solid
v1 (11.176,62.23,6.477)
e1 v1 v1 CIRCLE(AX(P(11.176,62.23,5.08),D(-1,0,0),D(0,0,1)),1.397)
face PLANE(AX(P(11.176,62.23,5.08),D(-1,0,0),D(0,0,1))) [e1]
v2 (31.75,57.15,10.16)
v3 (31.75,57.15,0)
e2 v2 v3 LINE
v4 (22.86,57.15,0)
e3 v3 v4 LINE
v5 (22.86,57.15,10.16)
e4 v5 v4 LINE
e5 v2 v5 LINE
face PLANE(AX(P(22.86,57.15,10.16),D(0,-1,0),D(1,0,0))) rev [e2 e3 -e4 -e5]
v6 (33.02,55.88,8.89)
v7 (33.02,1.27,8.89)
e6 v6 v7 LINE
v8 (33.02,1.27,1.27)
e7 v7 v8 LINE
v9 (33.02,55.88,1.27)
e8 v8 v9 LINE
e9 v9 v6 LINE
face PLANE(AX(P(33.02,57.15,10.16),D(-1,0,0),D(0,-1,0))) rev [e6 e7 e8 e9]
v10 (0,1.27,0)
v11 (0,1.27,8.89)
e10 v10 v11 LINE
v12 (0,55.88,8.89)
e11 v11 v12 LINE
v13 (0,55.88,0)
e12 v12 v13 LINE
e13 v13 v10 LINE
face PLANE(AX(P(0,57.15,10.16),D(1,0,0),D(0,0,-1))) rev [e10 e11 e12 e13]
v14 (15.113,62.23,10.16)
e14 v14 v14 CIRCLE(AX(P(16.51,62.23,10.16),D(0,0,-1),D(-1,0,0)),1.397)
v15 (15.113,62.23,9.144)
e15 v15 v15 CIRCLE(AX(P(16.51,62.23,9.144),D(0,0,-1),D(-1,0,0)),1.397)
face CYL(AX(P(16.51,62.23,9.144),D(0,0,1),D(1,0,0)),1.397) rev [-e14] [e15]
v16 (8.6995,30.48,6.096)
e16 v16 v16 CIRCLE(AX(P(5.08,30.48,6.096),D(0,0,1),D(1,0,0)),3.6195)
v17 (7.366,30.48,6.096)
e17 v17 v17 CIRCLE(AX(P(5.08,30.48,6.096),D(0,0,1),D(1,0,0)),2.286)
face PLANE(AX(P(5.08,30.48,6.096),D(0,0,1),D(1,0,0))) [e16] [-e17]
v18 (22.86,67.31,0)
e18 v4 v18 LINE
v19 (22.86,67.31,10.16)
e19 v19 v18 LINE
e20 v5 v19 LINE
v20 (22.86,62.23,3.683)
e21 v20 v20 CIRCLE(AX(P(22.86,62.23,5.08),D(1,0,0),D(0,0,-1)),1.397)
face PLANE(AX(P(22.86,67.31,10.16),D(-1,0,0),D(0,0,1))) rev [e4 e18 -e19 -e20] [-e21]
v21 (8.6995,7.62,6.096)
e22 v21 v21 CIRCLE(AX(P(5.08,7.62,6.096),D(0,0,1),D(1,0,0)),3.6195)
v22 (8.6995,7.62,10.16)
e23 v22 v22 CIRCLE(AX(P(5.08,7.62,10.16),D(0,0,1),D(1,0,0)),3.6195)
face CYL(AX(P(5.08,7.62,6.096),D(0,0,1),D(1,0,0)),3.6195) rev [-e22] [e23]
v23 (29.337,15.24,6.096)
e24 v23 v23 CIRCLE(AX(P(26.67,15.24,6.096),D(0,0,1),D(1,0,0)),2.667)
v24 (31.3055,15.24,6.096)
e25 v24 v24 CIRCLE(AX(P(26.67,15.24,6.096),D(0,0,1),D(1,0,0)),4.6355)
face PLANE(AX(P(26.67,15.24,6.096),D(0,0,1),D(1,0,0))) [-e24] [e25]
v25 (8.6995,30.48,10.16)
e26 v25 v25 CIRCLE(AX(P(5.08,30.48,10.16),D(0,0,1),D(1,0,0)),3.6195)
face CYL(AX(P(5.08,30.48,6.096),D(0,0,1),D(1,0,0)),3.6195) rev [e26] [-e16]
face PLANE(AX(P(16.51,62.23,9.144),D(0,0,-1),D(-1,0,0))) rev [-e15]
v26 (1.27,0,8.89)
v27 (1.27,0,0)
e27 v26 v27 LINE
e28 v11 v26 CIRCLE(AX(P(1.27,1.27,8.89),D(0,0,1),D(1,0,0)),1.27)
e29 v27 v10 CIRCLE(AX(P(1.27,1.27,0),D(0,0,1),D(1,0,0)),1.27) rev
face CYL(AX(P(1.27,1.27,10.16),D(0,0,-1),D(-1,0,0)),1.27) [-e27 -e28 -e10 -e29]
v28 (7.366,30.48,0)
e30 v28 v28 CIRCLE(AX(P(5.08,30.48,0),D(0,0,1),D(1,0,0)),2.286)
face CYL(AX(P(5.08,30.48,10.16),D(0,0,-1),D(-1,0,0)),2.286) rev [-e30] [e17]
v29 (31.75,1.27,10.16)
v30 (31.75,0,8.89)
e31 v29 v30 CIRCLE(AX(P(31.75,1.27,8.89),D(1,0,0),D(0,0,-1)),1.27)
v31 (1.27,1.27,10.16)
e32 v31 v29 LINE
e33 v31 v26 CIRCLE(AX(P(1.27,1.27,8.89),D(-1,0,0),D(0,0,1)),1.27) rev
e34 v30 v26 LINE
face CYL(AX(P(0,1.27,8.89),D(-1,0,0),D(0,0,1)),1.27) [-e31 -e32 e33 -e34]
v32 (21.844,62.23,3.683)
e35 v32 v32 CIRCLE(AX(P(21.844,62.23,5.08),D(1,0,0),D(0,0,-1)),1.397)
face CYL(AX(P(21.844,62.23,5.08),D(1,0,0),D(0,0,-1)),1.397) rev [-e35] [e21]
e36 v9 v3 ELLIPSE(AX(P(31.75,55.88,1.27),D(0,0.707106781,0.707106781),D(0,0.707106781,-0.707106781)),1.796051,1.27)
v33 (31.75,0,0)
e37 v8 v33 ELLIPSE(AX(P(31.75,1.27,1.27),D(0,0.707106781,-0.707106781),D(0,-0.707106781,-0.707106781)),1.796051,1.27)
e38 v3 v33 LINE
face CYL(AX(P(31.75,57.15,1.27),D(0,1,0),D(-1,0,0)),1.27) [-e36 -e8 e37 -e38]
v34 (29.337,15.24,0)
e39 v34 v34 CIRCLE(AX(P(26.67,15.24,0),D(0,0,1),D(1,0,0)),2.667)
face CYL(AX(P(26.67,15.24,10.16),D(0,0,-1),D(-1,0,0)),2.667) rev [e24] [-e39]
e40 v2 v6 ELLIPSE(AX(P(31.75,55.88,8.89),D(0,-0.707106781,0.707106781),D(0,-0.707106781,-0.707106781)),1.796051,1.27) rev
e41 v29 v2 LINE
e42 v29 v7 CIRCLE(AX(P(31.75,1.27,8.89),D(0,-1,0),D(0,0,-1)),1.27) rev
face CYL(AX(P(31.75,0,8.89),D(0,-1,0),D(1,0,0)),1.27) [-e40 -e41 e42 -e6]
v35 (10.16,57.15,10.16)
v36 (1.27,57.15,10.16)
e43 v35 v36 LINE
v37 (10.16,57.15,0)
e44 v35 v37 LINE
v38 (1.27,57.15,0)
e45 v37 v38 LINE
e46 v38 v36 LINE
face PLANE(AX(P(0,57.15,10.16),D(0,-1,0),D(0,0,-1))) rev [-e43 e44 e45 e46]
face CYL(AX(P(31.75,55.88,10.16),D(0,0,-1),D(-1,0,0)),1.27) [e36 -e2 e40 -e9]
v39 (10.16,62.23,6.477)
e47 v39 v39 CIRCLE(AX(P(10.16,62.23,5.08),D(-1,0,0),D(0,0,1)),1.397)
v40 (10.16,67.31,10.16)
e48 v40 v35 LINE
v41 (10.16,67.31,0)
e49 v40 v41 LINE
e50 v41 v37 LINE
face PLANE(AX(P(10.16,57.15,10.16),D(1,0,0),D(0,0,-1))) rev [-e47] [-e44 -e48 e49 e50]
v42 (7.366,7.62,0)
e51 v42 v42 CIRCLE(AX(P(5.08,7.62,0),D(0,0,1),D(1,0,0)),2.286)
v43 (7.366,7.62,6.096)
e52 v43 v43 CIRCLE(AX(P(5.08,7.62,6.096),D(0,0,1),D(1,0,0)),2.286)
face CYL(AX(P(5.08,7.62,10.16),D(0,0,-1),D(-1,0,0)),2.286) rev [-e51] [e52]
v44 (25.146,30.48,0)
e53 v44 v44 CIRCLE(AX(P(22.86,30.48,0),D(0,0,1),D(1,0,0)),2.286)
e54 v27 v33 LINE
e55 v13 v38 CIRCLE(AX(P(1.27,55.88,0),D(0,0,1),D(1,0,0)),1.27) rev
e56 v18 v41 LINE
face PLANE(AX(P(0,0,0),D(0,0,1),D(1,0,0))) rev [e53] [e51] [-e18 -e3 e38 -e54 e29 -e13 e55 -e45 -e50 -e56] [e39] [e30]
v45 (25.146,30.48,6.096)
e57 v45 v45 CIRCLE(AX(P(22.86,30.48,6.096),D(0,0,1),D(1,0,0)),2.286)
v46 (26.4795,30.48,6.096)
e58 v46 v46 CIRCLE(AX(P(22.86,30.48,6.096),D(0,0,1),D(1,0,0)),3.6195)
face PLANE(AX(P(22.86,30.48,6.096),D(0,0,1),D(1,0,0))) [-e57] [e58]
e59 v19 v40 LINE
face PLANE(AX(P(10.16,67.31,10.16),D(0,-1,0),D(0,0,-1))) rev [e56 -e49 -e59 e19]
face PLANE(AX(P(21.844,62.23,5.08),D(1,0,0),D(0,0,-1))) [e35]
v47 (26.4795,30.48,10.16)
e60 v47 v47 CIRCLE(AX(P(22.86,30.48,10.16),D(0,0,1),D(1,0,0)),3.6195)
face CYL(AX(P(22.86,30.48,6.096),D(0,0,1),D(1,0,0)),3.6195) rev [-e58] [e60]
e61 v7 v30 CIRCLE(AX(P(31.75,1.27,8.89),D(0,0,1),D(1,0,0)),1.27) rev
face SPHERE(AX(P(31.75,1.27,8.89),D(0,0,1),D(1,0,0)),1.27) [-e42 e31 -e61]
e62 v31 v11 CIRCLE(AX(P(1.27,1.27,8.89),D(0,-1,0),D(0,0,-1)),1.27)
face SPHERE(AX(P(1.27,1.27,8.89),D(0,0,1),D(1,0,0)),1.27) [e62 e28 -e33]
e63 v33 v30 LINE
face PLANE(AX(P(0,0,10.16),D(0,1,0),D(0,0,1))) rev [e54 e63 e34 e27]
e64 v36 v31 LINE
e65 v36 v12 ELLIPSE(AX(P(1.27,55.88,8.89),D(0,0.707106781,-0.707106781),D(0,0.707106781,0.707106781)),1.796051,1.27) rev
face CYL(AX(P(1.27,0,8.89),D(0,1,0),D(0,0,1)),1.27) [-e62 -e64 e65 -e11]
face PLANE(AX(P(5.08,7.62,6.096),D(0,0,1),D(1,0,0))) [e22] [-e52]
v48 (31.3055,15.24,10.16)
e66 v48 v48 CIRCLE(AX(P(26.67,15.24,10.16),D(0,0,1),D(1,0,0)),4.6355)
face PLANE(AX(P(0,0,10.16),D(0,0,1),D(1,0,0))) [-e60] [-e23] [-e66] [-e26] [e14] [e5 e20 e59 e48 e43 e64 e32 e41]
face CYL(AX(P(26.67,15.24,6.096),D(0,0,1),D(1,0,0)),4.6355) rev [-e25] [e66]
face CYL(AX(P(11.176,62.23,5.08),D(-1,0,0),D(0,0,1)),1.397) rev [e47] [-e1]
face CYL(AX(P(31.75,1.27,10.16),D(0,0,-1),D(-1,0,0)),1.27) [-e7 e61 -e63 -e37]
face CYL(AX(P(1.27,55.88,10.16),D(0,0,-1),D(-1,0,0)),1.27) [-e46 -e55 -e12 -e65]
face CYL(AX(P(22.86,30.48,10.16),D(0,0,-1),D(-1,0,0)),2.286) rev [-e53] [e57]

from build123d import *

# Parameters (mm, degrees)
SKETCH1_R           = 2.286
SKETCH1_R_2         = 2.667
BOSS_EXTRUDE1_DEPTH = 10.16
SKETCH7_R           = 3.6195
SKETCH7_R_2         = 4.6355
CUT_EXTRUDE1_DEPTH  = 4.064
SKETCH3_R           = 1.397
CUT_EXTRUDE2_DEPTH  = 1.016
SKETCH8_R           = 1.397
CUT_EXTRUDE3_DEPTH  = 1.016
CUT_EXTRUDE4_START  = -1.016
SKETCH9_R           = 1.397
CUT_EXTRUDE4_DEPTH  = 1.016
FILLET1_R           = 1.27


with BuildPart() as part:
    # Sketch1 → Boss-Extrude1 (new body)
    with BuildSketch(Plane.XY):
        Polygon((0, 57.15), (10.16, 57.15), (10.16, 67.31), (22.86, 67.31), (22.86, 57.15), (33.02, 57.15), (33.02, 0), (0, 0), align=None)
        with Locations((5.08, 7.62)):
            Circle(SKETCH1_R, mode=Mode.SUBTRACT)
        with Locations((5.08, 30.48)):
            Circle(SKETCH1_R, mode=Mode.SUBTRACT)
        with Locations((26.67, 15.24)):
            Circle(SKETCH1_R_2, mode=Mode.SUBTRACT)
        with Locations((22.86, 30.48)):
            Circle(SKETCH1_R, mode=Mode.SUBTRACT)
    extrude(amount=BOSS_EXTRUDE1_DEPTH)

    # Sketch7 → Cut-Extrude1 (cut)
    with BuildSketch(Plane.XY.offset(10.16)):
        with Locations((5.08, 30.48)):
            Circle(SKETCH7_R)
        with Locations((22.86, 30.48)):
            Circle(SKETCH7_R)
        with Locations((5.08, 7.62)):
            Circle(SKETCH7_R)
        with Locations((26.67, 15.24)):
            Circle(SKETCH7_R_2)
    extrude(amount=-CUT_EXTRUDE1_DEPTH, mode=Mode.SUBTRACT)

    # Sketch3 → Cut-Extrude2 (cut)
    with BuildSketch(Plane(origin=(0, 0, 10.16), x_dir=(-1, 0, 0), z_dir=(0, 0, -1))):
        with Locations((-16.51, 62.23)):
            Circle(SKETCH3_R)
    extrude(amount=CUT_EXTRUDE2_DEPTH, mode=Mode.SUBTRACT)

    # Sketch8 → Cut-Extrude3 (cut)
    with BuildSketch(Plane(origin=(22.86, 0, 0), x_dir=(0, 0, -1), z_dir=(1, 0, 0))):
        with Locations((-5.08, 62.23)):
            Circle(SKETCH8_R)
    extrude(amount=-CUT_EXTRUDE3_DEPTH, mode=Mode.SUBTRACT)

    # Sketch9 → Cut-Extrude4 (cut)
    with BuildSketch(Plane.ZY.offset(-10.16).offset(CUT_EXTRUDE4_START)):
        with Locations(Location((5.08, 62.23, 0), (0, 0, 180))):
            Circle(SKETCH9_R)
    extrude(amount=CUT_EXTRUDE4_DEPTH, mode=Mode.SUBTRACT)

    # Fillet1
    fillet1_edges = [part.edges().sort_by_distance(p)[0] for p in [
        (33.02, 28.575, 10.16),
        (0, 57.15, 5.08),
        (33.02, 57.15, 5.08),
        (33.02, 0, 5.08),
        (0, 0, 5.08),
        (0, 28.575, 10.16),
        (16.51, 0, 10.16),
        (33.02, 28.575, 0),
    ]]
    fillet(fillet1_edges, radius=FILLET1_R)


solid = part.part
